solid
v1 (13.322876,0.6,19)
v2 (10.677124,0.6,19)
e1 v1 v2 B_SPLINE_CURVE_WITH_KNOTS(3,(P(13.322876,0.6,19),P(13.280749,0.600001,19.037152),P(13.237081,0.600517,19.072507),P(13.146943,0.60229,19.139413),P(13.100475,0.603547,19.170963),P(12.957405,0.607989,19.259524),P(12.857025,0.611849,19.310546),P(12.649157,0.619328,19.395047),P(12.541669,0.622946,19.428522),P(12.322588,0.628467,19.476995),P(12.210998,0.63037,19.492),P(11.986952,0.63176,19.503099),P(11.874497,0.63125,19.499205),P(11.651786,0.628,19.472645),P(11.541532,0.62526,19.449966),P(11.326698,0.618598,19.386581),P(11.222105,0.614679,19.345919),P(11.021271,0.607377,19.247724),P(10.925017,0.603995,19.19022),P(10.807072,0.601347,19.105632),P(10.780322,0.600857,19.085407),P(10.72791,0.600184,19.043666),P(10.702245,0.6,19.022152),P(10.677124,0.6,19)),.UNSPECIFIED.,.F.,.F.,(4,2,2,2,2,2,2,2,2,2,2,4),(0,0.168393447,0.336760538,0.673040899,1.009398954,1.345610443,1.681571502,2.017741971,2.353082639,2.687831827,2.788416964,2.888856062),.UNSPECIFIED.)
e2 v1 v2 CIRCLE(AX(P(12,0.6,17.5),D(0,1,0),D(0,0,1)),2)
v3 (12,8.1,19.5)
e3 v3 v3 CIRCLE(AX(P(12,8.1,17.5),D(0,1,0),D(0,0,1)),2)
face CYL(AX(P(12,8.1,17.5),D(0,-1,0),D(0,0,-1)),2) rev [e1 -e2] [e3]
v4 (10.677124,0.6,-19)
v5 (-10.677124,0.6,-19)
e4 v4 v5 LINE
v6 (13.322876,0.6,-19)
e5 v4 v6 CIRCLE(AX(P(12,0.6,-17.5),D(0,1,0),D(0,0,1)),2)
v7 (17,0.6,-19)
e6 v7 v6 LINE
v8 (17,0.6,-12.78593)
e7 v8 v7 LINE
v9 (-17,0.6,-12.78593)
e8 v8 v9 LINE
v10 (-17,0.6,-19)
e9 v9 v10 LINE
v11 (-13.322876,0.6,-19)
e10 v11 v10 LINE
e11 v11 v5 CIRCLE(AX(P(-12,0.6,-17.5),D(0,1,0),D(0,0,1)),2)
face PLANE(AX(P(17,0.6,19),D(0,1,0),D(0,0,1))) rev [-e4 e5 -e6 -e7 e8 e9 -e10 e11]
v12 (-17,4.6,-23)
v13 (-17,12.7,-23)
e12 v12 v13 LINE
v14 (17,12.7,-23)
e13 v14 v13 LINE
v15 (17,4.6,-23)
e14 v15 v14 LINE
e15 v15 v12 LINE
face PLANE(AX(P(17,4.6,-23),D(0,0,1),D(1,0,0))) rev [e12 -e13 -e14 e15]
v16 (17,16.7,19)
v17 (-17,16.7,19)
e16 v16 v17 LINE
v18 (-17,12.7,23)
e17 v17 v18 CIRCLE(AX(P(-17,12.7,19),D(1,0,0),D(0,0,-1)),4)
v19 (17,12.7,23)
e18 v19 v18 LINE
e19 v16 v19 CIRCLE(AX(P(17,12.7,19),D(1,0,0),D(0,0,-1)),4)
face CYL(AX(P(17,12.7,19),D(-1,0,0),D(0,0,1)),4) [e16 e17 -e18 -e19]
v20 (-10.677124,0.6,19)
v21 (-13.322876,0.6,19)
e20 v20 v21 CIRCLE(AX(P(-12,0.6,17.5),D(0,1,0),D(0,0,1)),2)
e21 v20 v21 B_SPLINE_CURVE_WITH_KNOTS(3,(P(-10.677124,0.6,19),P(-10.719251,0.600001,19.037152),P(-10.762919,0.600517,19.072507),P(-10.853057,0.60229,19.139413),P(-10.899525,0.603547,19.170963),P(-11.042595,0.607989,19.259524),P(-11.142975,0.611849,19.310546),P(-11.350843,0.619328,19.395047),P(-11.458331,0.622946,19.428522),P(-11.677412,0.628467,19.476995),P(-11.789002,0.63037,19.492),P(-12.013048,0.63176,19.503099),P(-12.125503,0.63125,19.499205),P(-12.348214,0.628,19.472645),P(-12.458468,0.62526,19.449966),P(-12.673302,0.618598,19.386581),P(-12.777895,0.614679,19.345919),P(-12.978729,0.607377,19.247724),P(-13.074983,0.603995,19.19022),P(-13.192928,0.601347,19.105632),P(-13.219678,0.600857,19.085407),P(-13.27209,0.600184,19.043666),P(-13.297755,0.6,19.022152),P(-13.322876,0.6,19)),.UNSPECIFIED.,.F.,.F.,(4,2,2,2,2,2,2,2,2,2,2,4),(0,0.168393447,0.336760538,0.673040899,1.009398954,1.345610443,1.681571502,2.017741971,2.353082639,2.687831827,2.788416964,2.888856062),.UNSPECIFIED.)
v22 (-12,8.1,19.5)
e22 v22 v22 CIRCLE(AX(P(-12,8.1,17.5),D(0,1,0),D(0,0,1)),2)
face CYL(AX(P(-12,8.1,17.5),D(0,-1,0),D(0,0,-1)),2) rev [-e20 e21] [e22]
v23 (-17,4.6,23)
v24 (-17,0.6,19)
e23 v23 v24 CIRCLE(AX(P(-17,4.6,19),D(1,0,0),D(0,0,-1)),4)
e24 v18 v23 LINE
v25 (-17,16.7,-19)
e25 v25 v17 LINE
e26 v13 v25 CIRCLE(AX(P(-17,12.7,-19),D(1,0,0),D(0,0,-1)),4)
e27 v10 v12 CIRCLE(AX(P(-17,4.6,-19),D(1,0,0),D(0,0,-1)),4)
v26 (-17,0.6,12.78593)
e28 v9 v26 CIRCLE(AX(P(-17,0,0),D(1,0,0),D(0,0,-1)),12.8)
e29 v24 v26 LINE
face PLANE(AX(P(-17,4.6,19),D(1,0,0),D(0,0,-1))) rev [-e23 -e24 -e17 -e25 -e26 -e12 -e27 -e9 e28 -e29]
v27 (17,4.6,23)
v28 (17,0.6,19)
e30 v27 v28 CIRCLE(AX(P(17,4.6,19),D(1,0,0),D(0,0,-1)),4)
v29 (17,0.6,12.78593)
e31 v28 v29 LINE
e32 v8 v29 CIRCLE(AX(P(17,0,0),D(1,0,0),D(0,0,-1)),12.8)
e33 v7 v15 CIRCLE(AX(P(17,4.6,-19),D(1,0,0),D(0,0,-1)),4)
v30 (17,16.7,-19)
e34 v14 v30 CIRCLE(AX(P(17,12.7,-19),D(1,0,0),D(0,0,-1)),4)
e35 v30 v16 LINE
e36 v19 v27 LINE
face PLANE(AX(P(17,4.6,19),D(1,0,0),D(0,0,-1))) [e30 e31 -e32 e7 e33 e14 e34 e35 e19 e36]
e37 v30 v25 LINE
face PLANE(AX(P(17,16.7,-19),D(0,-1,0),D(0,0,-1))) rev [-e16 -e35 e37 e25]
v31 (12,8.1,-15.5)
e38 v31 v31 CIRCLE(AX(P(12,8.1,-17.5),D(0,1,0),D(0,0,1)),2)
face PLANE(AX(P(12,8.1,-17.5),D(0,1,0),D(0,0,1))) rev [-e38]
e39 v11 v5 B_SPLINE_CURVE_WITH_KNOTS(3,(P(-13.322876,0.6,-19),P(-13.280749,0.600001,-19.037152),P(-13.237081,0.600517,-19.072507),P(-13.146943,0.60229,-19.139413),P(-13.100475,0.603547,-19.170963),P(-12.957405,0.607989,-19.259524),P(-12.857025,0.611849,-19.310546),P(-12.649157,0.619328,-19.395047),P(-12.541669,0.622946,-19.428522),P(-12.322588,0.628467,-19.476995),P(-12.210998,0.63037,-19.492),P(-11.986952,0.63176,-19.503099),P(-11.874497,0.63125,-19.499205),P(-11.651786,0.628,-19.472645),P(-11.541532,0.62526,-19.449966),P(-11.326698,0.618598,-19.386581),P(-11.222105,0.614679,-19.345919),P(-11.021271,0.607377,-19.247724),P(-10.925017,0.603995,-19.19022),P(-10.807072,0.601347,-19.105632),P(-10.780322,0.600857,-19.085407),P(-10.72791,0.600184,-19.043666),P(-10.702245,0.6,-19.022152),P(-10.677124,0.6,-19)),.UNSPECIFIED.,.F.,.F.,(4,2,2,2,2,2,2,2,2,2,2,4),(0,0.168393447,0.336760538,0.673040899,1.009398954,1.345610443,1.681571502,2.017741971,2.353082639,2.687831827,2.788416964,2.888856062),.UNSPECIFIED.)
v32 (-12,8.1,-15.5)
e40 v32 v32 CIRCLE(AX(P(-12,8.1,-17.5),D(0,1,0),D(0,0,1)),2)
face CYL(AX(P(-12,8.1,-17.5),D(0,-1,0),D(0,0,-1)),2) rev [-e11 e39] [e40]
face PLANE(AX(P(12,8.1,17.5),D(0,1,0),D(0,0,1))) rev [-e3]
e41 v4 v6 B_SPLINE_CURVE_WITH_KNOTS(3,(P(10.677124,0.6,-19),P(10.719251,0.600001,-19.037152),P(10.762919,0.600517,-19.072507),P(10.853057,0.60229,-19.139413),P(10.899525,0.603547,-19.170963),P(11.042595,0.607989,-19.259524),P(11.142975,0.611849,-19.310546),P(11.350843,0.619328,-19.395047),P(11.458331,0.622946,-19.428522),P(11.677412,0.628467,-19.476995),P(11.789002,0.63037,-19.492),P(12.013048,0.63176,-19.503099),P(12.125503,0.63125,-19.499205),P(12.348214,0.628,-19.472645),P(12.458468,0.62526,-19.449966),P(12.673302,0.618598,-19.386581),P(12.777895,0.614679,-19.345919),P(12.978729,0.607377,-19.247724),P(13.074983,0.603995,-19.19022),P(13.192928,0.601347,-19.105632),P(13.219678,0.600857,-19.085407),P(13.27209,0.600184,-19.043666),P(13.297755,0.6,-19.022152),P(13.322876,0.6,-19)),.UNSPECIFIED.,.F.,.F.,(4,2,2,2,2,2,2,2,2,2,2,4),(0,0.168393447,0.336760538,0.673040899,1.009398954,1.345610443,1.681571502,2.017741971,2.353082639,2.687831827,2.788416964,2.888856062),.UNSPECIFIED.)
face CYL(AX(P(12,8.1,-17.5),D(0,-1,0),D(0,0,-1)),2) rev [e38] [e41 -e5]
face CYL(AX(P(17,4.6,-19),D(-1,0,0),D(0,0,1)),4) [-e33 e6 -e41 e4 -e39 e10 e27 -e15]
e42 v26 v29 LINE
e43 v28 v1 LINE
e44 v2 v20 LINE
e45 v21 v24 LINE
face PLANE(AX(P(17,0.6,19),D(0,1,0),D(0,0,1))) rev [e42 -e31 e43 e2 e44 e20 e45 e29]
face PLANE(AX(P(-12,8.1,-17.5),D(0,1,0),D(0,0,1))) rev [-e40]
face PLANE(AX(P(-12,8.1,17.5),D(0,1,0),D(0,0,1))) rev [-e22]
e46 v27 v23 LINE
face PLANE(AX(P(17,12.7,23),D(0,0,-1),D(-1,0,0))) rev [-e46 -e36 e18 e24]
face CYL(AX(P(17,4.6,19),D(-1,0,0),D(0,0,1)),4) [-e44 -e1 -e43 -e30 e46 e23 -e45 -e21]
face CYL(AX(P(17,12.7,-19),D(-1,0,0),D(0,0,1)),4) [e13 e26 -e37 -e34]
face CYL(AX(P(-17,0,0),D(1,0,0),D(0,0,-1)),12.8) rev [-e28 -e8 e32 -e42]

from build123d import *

# Parameters (mm, degrees)
BOSS_EXTRUDE1_DEPTH     = 17
CUT_EXTRUDE1_DEPTH      = 34.119329703
CUT_EXTRUDE1_DEPTH_BACK = 34.119329703
SKETCH2_R               = 12.8
SKETCH3_R               = 2
CUT_EXTRUDE2_DEPTH      = 7.5


with BuildPart() as part:
    # Sketch1 → Boss-Extrude1 (new, symmetric)
    with BuildSketch(Plane(origin=(0, 0, 0), x_dir=(0, 0, -1), z_dir=(1, 0, 0))):
        with BuildLine():
            Line((-19, 0.6), (19, 0.6))
            ThreePointArc((19, 0.6), (21.828427125, 1.771572875), (23, 4.6))
            Line((23, 4.6), (23, 12.7))
            ThreePointArc((23, 12.7), (21.828427125, 15.528427125), (19, 16.7))
            Line((19, 16.7), (-19, 16.7))
            ThreePointArc((-19, 16.7), (-21.828427125, 15.528427125), (-23, 12.7))
            Line((-23, 12.7), (-23, 4.6))
            ThreePointArc((-23, 4.6), (-21.828427125, 1.771572875), (-19, 0.6))
        make_face()
    extrude(amount=BOSS_EXTRUDE1_DEPTH, both=True)

    # Sketch2 → Cut-Extrude1 (cut, two sides: drawn at the far end of the back side and taken through both)
    with BuildSketch(Plane(origin=(0, 0, 0), x_dir=(0, 0, -1), z_dir=(1, 0, 0)).offset(-CUT_EXTRUDE1_DEPTH_BACK)):
        Circle(SKETCH2_R)
    extrude(amount=CUT_EXTRUDE1_DEPTH + CUT_EXTRUDE1_DEPTH_BACK, mode=Mode.SUBTRACT)

    # Sketch3 → Cut-Extrude2 (cut)
    with BuildSketch(Plane(origin=(0, 0.6, 0), x_dir=(1, 0, 0), z_dir=(0, 1, 0))):
        with Locations(Location((12, -17.5, 0), (0, 0, 228.590377891))):
            Circle(SKETCH3_R)
        with Locations(Location((12, 17.5, 0), (0, 0, 48.590377891))):
            Circle(SKETCH3_R)
        with Locations(Location((-12, -17.5, 0), (0, 0, 228.590377891))):
            Circle(SKETCH3_R)
        with Locations(Location((-12, 17.5, 0), (0, 0, 48.590377891))):
            Circle(SKETCH3_R)
    extrude(amount=CUT_EXTRUDE2_DEPTH, mode=Mode.SUBTRACT)


solid = part.part
